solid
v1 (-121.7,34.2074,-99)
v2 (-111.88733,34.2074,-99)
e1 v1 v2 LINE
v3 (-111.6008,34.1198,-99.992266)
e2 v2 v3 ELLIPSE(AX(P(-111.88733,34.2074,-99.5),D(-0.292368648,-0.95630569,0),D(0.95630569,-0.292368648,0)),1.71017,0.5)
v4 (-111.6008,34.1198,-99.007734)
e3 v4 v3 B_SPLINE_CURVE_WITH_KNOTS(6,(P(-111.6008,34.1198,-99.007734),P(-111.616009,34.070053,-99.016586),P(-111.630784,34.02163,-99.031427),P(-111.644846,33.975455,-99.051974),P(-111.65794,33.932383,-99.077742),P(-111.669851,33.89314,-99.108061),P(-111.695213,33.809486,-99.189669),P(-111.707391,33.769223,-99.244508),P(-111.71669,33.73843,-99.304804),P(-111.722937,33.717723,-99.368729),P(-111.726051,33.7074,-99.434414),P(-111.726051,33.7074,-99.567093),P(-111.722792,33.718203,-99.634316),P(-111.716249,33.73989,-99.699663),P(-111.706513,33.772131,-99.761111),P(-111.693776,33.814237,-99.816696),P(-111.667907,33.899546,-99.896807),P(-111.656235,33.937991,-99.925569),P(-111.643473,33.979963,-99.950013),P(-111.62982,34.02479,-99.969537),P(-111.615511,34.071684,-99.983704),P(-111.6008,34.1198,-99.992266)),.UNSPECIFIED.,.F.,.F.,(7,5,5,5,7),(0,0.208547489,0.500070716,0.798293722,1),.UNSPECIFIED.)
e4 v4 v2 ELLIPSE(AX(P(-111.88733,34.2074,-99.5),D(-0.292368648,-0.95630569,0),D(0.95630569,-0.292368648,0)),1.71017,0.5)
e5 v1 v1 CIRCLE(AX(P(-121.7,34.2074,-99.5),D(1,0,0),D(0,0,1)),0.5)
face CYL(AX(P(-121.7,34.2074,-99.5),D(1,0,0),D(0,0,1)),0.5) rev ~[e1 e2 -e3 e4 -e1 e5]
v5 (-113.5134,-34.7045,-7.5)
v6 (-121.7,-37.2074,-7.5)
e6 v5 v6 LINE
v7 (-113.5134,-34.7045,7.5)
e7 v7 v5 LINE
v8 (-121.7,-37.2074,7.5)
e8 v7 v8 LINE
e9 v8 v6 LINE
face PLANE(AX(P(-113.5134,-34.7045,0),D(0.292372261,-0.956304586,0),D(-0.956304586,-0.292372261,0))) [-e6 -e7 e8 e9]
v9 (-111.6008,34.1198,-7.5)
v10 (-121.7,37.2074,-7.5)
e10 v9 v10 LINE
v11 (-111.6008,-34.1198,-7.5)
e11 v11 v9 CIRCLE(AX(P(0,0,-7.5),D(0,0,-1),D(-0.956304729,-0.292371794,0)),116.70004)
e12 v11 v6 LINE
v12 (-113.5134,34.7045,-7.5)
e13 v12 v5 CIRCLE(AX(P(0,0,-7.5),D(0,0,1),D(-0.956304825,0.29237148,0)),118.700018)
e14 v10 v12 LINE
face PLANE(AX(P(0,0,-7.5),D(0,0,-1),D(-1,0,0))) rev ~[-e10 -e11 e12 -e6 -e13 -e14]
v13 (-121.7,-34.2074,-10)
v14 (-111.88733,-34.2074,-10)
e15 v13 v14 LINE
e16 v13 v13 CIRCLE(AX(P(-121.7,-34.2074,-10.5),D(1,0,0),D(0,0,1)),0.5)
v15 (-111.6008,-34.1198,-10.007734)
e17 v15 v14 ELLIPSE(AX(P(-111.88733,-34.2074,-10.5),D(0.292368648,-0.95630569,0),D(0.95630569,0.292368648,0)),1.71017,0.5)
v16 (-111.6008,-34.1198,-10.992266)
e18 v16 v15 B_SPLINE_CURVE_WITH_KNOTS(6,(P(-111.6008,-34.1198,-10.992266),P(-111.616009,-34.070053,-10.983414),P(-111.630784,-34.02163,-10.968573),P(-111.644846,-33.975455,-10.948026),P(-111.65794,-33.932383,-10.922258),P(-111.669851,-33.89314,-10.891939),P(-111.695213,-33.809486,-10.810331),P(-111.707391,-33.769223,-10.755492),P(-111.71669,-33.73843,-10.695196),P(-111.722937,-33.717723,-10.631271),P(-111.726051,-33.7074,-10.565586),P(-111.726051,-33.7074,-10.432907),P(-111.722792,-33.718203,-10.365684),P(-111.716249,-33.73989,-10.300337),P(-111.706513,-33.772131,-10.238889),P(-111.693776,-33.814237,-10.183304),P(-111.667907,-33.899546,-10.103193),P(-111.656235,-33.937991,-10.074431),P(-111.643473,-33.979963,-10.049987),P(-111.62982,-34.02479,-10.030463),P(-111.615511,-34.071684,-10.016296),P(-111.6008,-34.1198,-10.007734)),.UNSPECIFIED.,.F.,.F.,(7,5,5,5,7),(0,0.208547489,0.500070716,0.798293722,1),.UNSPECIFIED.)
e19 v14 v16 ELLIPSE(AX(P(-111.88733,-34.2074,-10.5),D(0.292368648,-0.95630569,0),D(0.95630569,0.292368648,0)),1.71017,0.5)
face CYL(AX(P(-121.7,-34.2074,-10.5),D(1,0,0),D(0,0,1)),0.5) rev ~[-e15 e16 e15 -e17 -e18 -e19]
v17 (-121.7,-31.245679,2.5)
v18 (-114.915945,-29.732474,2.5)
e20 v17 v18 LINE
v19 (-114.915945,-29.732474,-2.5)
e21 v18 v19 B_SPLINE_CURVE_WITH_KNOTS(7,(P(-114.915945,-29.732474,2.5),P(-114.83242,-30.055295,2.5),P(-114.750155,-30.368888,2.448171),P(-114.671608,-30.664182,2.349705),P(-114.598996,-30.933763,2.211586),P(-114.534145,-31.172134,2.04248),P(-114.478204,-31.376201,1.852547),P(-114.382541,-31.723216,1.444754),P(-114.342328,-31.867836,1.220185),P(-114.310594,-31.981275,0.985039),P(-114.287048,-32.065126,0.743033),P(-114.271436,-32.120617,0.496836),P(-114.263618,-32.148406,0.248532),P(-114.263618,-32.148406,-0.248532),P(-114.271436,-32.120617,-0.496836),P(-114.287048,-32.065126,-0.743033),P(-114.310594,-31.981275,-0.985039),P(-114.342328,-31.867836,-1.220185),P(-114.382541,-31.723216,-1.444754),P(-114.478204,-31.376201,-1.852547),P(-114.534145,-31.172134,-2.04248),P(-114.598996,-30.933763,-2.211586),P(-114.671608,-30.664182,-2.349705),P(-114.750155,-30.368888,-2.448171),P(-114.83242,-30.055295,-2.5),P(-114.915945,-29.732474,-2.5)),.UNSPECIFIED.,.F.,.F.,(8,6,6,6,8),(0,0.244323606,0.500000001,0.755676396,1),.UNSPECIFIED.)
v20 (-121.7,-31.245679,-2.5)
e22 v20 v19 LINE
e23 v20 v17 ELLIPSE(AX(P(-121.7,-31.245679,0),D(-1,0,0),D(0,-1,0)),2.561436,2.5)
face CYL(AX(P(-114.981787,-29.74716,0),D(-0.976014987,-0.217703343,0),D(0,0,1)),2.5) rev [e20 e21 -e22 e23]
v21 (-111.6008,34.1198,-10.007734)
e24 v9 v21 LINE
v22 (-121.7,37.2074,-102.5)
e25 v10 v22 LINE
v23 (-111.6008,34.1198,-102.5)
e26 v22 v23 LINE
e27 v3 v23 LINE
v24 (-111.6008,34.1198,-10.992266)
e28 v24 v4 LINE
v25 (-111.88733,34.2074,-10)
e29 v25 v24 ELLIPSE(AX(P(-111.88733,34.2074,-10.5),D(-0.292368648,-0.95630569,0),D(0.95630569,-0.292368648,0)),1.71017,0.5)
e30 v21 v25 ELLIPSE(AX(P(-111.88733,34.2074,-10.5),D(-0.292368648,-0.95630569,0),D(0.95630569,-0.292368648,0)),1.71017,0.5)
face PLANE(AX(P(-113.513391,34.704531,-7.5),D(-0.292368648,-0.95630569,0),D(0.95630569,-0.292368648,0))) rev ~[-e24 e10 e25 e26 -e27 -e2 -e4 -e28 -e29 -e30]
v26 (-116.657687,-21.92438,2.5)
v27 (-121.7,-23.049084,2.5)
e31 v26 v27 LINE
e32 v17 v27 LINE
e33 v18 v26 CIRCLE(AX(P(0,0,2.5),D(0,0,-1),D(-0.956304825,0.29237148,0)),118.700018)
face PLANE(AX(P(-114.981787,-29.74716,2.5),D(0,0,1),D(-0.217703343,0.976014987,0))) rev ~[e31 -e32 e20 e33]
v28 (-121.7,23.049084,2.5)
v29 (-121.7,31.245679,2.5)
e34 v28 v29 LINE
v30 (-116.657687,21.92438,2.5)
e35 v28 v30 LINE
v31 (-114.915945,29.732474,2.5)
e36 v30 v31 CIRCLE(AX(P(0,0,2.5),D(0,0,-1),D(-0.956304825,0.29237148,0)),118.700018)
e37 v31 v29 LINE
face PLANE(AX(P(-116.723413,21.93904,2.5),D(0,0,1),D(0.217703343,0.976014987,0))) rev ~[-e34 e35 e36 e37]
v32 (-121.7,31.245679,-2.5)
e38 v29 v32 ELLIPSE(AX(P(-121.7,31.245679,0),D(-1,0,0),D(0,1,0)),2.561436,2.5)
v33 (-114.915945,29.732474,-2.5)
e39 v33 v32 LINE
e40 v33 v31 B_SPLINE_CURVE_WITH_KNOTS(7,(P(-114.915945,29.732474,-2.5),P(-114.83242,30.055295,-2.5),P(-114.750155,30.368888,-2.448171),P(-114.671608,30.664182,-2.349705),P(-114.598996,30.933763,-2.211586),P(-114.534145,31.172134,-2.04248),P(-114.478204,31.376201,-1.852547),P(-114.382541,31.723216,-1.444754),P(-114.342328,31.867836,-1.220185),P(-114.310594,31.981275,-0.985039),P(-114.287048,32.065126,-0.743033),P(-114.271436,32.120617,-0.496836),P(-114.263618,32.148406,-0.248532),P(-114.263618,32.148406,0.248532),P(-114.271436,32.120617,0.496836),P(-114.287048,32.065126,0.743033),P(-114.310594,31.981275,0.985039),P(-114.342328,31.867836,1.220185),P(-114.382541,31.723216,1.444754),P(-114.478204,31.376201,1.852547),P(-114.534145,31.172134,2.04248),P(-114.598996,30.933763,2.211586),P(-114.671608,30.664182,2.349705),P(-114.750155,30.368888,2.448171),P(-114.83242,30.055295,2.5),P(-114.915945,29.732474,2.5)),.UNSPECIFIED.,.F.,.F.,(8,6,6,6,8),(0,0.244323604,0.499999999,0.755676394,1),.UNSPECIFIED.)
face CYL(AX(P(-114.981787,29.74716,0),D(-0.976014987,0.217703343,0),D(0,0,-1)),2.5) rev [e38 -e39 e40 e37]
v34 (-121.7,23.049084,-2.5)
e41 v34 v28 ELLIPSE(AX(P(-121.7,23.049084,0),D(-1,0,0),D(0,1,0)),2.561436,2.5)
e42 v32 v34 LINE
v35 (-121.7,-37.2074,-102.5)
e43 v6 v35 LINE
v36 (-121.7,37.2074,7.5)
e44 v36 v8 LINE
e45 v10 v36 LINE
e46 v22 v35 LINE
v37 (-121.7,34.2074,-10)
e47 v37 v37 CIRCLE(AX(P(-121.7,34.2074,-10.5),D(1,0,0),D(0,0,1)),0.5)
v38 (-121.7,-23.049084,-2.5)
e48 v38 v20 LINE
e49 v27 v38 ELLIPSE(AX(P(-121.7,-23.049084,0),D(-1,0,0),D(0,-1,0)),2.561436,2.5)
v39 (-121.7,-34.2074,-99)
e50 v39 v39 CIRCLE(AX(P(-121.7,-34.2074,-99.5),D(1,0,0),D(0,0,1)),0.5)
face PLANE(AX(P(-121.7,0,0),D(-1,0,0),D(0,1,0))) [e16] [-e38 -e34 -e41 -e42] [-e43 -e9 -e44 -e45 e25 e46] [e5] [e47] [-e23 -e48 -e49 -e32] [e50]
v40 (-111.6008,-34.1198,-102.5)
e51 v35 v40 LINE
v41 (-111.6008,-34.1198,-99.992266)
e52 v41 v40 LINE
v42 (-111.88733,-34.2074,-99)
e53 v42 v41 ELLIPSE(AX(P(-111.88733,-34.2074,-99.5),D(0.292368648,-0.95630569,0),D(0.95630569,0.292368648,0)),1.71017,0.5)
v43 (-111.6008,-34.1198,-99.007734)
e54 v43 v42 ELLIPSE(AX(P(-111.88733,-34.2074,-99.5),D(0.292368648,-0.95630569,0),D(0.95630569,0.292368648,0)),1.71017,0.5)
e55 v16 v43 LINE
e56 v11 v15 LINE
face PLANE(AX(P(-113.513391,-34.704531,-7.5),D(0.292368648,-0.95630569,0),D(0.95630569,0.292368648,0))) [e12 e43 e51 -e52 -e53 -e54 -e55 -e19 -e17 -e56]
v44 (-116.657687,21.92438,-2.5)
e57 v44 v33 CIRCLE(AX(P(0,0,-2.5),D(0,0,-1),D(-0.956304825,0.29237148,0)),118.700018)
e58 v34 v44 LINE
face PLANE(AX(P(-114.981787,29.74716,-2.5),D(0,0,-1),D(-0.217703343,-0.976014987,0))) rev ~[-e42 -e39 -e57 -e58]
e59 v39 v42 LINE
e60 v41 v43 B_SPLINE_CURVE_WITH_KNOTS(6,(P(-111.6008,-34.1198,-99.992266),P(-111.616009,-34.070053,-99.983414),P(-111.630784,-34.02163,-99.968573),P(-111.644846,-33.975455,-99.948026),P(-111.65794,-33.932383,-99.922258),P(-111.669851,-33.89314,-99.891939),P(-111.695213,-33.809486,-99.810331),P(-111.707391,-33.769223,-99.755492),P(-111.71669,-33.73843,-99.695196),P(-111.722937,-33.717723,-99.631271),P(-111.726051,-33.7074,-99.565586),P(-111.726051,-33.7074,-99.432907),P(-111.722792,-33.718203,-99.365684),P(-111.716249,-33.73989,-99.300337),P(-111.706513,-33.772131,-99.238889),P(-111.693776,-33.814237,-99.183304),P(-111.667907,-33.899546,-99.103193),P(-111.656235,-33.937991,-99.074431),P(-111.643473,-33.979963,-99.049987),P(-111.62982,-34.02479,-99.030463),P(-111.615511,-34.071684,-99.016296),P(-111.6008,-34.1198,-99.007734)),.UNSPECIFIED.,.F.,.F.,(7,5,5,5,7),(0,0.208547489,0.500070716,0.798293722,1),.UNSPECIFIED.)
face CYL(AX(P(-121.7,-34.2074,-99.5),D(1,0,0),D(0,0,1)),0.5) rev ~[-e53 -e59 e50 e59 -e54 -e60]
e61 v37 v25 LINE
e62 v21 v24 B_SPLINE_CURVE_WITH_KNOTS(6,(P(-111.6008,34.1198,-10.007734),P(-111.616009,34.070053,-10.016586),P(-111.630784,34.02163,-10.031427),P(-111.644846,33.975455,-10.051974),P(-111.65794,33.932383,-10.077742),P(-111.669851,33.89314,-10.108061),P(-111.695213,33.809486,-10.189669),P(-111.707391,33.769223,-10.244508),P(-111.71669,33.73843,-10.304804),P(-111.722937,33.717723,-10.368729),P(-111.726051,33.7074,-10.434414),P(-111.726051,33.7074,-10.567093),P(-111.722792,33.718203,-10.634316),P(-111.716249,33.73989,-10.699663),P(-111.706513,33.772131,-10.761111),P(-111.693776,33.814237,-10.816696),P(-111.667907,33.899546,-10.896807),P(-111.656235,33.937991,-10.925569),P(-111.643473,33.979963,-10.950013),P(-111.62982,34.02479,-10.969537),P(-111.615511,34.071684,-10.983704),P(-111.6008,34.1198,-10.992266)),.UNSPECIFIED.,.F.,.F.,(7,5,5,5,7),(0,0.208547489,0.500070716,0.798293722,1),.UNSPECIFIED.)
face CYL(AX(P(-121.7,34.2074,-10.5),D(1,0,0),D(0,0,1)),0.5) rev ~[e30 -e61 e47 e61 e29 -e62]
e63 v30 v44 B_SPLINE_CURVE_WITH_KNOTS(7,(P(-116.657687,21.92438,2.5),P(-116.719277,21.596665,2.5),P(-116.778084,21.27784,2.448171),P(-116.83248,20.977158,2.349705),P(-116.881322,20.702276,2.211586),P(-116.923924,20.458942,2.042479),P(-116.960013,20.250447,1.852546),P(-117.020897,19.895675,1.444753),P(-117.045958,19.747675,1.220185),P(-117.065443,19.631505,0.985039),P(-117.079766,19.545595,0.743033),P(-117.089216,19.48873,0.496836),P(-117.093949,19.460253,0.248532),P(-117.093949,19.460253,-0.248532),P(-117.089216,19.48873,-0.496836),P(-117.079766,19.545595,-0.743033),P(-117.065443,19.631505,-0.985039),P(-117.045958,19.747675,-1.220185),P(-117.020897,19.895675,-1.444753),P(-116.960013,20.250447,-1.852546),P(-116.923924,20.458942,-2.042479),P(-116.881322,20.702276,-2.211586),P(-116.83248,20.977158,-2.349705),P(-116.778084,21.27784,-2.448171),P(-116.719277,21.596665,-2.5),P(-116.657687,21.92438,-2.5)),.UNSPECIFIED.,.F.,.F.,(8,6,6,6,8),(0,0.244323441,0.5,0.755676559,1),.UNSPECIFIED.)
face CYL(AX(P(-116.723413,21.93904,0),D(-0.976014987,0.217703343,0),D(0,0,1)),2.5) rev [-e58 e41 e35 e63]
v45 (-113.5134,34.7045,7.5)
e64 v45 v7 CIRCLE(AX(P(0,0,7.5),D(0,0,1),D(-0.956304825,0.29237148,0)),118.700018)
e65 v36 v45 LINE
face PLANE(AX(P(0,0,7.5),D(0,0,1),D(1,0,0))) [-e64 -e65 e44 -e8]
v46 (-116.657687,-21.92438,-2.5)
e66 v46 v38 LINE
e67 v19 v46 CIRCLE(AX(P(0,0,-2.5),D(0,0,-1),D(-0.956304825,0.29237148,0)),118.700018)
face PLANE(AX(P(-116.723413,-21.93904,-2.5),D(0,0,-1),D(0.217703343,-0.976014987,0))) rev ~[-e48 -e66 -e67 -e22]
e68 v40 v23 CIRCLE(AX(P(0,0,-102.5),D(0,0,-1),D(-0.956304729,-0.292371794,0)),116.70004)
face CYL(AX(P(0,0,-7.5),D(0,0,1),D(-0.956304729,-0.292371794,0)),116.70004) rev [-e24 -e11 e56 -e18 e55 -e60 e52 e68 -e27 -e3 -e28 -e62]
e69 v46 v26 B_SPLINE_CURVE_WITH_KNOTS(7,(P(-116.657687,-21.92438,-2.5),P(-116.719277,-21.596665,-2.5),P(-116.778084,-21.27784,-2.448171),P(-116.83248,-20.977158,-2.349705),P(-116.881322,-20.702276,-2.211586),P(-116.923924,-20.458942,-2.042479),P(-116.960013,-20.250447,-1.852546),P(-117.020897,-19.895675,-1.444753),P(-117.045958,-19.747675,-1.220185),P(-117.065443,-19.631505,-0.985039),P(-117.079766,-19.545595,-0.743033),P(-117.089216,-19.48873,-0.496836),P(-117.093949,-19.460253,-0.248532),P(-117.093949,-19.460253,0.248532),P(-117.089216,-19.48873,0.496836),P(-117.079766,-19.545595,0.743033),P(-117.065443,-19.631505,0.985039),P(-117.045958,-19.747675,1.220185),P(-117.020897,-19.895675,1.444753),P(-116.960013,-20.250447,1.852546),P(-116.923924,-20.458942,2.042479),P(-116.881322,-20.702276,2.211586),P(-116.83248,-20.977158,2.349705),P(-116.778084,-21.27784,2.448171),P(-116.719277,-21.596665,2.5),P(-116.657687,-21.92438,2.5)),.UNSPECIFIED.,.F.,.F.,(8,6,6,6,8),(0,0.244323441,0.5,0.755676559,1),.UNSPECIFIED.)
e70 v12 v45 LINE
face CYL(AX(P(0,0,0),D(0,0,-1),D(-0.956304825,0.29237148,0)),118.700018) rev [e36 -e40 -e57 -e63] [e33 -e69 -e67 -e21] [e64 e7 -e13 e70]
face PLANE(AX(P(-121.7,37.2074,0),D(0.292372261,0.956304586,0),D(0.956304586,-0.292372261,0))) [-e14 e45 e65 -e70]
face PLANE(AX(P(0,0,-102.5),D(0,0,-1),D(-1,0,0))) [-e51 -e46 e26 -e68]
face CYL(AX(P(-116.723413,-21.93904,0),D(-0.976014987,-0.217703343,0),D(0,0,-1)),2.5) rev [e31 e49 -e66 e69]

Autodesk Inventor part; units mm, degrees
ref_plane "YZ Plane" through (0, 0, 0) normal (1, 0, 0) x (0, 1, 0)
sketch "Sketch1" plane through (0, 0, 0) normal (0, 0, 1) x (1, 0, 0)
  arc A0 (-113.5134, 34.7045) -> (-113.5134, -34.7045) centre (0, 0) ccw
  line L0 (0, 0) -> (-118.7, 0) construction
  line L1 (0, 0) -> (-113.5134, -34.7045) construction
  line L2 (-113.5134, -34.7045) -> (-113.5134, 0) construction
  line L3 (-113.5134, 0) -> (-113.5134, 34.7045) construction
  arc A1 (-116.3823, 35.5816) -> (-116.3823, -35.5816) centre (0, 0) ccw construction
  line L4 (-113.5134, 34.7045) -> (0, 0) construction
  line L5 (-113.5134, -34.7045) -> (-121.7, -37.2074)
  arc A2 (-113.5134, -34.7045) -> (-113.5134, 34.7045) centre (0, 0) ccw construction
  arc A3 (-116.3823, -35.5816) -> (-116.3823, 35.5816) centre (0, 0) ccw construction
  line L6 (-118.7, 0) -> (-121.7, 0) construction
  line L7 (-121.7, 37.2074) -> (-113.5134, 34.7045)
  line L8 (-121.7, 0) -> (-121.7, 37.2074)
  line L9 (-121.7, 0) -> (-121.7, -37.2074)
  dimension "d0" = 237.4
  dimension "d22" = 17
  dimension "d36" = 3
extrude "Extrusion1" add sketch "Sketch1" along normal mid plane 15
sketch "Sketch11" plane through (0, 0, 0) normal (0, 0, 1) x (1, 0, 0)
  line L0 (-121.7, 37.2074) -> (-121.7, -37.2074) projected
  line L1 (0, 0) -> (-115.8526, 25.8431) construction
  line L2 (0, 0) -> (-121.7, 0) construction
  line L3 (0, 0) -> (-115.8526, -25.8431) construction
  circle A0 centre (0, 0) radius 124.6911 construction
  arc A1 (-113.5134, 34.7045) -> (-113.5134, -34.7045) centre (0, 0) ccw projected
  line L4 (-115.8526, 25.8431) -> (-121.7, 27.1474) construction
  line L5 (-115.8526, -25.8431) -> (-121.7, -27.1474) construction
  dimension "d48" = 12.575
  dimension "d49" = 12.575
ref_plane "Work Plane7" through (-115.8526, 25.8431, 0) normal (0.976, -0.2177, 0) x (0.2177, 0.976, 0)
ref_plane "Work Plane8" through (-115.8526, -25.8431, 0) normal (0.976, 0.2177, 0) x (-0.2177, 0.976, 0)
sketch "Sketch12" plane through (-115.8526, 25.8431, 0) normal (0.976, -0.2177, 0) x (0.2177, 0.976, 0)
  line L0 (-4, 0) -> (4, 0) construction
  line L1 (-4, 2.5) -> (4, 2.5)
  line L2 (4, -2.5) -> (-4, -2.5)
  arc A0 (-4, 2.5) -> (-4, -2.5) centre (-4, 0) ccw
  arc A1 (4, -2.5) -> (4, 2.5) centre (4, 0) ccw
  point P0 (0, 0)
  dimension "d50" = 4
  dimension "d51" = 5
extrude "Extrusion10" cut sketch "Sketch12" along normal through all both and the other way through all
sketch "Sketch13" plane through (-115.8526, -25.8431, 0) normal (0.976, 0.2177, 0) x (-0.2177, 0.976, 0)
  line L0 (-4, 0) -> (4, 0) construction
  line L1 (-4, 2.5) -> (4, 2.5)
  line L2 (4, -2.5) -> (-4, -2.5)
  arc A0 (-4, 2.5) -> (-4, -2.5) centre (-4, 0) ccw
  arc A1 (4, -2.5) -> (4, 2.5) centre (4, 0) ccw
  point P0 (0, 0)
  dimension "d54" = 5
  dimension "d55" = 4
extrude "Extrusion11" cut sketch "Sketch13" along normal through all both and the other way through all
ref_plane "Work Plane10" through (-125.6127, 28.0202, 0) normal (0.976, -0.2177, 0) x (0.2177, 0.976, 0)
ref_plane "Work Plane11" through (-125.6127, -28.0202, 0) normal (0.976, 0.2177, 0) x (-0.2177, 0.976, 0)
sketch "Sketch15" plane through (-125.6127, 28.0202, 0) normal (0.976, -0.2177, 0) x (0.2177, 0.976, 0)
  line L0 (5, 0) -> (-5, 0) construction
  line L1 (5, -3.5) -> (-5, -3.5)
  line L2 (-5, 3.5) -> (5, 3.5)
  arc A0 (5, -3.5) -> (5, 3.5) centre (5, 0) ccw
  arc A1 (-5, 3.5) -> (-5, -3.5) centre (-5, 0) ccw
  point P0 (0, 0)
  dimension "d61" = 7
  dimension "d62" = 5
extrude "Extrusion12" [suppressed]
sketch "Sketch16" plane through (-125.6127, -28.0202, 0) normal (0.976, 0.2177, 0) x (-0.2177, 0.976, 0)
  line L0 (5, 0) -> (-5, 0) construction
  line L1 (5, -3.5) -> (-5, -3.5)
  line L2 (-5, 3.5) -> (5, 3.5)
  arc A0 (5, -3.5) -> (5, 3.5) centre (5, 0) ccw
  arc A1 (-5, 3.5) -> (-5, -3.5) centre (-5, 0) ccw
  point P0 (0, 0)
  dimension "d65" = 7
  dimension "d66" = 5
extrude "Extrusion13" [suppressed]
sketch "Sketch19" plane through (0, 0, -7.5) normal (0, 0, -1) x (-1, 0, 0)
  arc A0 (113.5134, -34.7045) -> (113.5134, 34.7045) centre (0, 0) ccw projected
  arc A1 (111.6008, -34.1198) -> (111.6008, 34.1198) centre (0, 0) ccw
  line L0 (121.7, 37.2074) -> (121.7, -37.2074) projected
  line L1 (121.7, -37.2074) -> (121.7, 37.2074)
  line L2 (121.7, 37.2074) -> (111.6008, 34.1198)
  line L3 (121.7, -37.2074) -> (111.6008, -34.1198)
  point P0 (0, 0)
  dimension "d75" = 2
extrude "Extrusion15" add sketch "Sketch19" along normal blind 95
sketch "Sketch20" plane through (-121.7, -37.2074, 7.5) normal (-1, 0, 0) x (0, 0, 1)
  line L0 (-107, 3) -> (-18, 3) construction
  line L1 (-18, 3) -> (-18, 71.4148) construction
  line L2 (-18, 71.4148) -> (-107, 71.4148) construction
  line L3 (-107, 71.4148) -> (-107, 3) construction
  line L4 (-15, 2.5029) -> (-15, 71.9119) construction
  line L5 (-110, 74.4148) -> (0, 74.4148) projected
  line L6 (-110, 0) -> (0, 0) projected
  line L7 (-110, 0) -> (-110, 74.4148) projected
  point P0 (-7.5, 37.2074)
  dimension "d78" = 3
  dimension "d79" = 3
  dimension "d80" = 3
  dimension "d81" = 3
  dimension "d82" = 89
  dimension "d83" = 68.4149
hole "Hole1" at (-121.7, 34.2074, -99.5) at (-121.7, 34.2074, -10.5) at (-121.7, -34.2074, -99.5) at (-121.7, -34.2074, -10.5) direction (1, 0, 0) diameter 1 depth 25 tip angle 118
equation "\"d49\" = d48"
equation "\"angulo_alabe\" = 130deg"
equation "\"diametro_tubo\" = 232"
equation "\"desfase_a_pin_superior\" = 12"
equation "\"desfase_b_pin_inferior\" = 8"
equation "\"desfase_b_pin_superior\" = 0"
equation "\"diametro_max_soporte\" = 248"
properties part number "accesorios separador 1"
